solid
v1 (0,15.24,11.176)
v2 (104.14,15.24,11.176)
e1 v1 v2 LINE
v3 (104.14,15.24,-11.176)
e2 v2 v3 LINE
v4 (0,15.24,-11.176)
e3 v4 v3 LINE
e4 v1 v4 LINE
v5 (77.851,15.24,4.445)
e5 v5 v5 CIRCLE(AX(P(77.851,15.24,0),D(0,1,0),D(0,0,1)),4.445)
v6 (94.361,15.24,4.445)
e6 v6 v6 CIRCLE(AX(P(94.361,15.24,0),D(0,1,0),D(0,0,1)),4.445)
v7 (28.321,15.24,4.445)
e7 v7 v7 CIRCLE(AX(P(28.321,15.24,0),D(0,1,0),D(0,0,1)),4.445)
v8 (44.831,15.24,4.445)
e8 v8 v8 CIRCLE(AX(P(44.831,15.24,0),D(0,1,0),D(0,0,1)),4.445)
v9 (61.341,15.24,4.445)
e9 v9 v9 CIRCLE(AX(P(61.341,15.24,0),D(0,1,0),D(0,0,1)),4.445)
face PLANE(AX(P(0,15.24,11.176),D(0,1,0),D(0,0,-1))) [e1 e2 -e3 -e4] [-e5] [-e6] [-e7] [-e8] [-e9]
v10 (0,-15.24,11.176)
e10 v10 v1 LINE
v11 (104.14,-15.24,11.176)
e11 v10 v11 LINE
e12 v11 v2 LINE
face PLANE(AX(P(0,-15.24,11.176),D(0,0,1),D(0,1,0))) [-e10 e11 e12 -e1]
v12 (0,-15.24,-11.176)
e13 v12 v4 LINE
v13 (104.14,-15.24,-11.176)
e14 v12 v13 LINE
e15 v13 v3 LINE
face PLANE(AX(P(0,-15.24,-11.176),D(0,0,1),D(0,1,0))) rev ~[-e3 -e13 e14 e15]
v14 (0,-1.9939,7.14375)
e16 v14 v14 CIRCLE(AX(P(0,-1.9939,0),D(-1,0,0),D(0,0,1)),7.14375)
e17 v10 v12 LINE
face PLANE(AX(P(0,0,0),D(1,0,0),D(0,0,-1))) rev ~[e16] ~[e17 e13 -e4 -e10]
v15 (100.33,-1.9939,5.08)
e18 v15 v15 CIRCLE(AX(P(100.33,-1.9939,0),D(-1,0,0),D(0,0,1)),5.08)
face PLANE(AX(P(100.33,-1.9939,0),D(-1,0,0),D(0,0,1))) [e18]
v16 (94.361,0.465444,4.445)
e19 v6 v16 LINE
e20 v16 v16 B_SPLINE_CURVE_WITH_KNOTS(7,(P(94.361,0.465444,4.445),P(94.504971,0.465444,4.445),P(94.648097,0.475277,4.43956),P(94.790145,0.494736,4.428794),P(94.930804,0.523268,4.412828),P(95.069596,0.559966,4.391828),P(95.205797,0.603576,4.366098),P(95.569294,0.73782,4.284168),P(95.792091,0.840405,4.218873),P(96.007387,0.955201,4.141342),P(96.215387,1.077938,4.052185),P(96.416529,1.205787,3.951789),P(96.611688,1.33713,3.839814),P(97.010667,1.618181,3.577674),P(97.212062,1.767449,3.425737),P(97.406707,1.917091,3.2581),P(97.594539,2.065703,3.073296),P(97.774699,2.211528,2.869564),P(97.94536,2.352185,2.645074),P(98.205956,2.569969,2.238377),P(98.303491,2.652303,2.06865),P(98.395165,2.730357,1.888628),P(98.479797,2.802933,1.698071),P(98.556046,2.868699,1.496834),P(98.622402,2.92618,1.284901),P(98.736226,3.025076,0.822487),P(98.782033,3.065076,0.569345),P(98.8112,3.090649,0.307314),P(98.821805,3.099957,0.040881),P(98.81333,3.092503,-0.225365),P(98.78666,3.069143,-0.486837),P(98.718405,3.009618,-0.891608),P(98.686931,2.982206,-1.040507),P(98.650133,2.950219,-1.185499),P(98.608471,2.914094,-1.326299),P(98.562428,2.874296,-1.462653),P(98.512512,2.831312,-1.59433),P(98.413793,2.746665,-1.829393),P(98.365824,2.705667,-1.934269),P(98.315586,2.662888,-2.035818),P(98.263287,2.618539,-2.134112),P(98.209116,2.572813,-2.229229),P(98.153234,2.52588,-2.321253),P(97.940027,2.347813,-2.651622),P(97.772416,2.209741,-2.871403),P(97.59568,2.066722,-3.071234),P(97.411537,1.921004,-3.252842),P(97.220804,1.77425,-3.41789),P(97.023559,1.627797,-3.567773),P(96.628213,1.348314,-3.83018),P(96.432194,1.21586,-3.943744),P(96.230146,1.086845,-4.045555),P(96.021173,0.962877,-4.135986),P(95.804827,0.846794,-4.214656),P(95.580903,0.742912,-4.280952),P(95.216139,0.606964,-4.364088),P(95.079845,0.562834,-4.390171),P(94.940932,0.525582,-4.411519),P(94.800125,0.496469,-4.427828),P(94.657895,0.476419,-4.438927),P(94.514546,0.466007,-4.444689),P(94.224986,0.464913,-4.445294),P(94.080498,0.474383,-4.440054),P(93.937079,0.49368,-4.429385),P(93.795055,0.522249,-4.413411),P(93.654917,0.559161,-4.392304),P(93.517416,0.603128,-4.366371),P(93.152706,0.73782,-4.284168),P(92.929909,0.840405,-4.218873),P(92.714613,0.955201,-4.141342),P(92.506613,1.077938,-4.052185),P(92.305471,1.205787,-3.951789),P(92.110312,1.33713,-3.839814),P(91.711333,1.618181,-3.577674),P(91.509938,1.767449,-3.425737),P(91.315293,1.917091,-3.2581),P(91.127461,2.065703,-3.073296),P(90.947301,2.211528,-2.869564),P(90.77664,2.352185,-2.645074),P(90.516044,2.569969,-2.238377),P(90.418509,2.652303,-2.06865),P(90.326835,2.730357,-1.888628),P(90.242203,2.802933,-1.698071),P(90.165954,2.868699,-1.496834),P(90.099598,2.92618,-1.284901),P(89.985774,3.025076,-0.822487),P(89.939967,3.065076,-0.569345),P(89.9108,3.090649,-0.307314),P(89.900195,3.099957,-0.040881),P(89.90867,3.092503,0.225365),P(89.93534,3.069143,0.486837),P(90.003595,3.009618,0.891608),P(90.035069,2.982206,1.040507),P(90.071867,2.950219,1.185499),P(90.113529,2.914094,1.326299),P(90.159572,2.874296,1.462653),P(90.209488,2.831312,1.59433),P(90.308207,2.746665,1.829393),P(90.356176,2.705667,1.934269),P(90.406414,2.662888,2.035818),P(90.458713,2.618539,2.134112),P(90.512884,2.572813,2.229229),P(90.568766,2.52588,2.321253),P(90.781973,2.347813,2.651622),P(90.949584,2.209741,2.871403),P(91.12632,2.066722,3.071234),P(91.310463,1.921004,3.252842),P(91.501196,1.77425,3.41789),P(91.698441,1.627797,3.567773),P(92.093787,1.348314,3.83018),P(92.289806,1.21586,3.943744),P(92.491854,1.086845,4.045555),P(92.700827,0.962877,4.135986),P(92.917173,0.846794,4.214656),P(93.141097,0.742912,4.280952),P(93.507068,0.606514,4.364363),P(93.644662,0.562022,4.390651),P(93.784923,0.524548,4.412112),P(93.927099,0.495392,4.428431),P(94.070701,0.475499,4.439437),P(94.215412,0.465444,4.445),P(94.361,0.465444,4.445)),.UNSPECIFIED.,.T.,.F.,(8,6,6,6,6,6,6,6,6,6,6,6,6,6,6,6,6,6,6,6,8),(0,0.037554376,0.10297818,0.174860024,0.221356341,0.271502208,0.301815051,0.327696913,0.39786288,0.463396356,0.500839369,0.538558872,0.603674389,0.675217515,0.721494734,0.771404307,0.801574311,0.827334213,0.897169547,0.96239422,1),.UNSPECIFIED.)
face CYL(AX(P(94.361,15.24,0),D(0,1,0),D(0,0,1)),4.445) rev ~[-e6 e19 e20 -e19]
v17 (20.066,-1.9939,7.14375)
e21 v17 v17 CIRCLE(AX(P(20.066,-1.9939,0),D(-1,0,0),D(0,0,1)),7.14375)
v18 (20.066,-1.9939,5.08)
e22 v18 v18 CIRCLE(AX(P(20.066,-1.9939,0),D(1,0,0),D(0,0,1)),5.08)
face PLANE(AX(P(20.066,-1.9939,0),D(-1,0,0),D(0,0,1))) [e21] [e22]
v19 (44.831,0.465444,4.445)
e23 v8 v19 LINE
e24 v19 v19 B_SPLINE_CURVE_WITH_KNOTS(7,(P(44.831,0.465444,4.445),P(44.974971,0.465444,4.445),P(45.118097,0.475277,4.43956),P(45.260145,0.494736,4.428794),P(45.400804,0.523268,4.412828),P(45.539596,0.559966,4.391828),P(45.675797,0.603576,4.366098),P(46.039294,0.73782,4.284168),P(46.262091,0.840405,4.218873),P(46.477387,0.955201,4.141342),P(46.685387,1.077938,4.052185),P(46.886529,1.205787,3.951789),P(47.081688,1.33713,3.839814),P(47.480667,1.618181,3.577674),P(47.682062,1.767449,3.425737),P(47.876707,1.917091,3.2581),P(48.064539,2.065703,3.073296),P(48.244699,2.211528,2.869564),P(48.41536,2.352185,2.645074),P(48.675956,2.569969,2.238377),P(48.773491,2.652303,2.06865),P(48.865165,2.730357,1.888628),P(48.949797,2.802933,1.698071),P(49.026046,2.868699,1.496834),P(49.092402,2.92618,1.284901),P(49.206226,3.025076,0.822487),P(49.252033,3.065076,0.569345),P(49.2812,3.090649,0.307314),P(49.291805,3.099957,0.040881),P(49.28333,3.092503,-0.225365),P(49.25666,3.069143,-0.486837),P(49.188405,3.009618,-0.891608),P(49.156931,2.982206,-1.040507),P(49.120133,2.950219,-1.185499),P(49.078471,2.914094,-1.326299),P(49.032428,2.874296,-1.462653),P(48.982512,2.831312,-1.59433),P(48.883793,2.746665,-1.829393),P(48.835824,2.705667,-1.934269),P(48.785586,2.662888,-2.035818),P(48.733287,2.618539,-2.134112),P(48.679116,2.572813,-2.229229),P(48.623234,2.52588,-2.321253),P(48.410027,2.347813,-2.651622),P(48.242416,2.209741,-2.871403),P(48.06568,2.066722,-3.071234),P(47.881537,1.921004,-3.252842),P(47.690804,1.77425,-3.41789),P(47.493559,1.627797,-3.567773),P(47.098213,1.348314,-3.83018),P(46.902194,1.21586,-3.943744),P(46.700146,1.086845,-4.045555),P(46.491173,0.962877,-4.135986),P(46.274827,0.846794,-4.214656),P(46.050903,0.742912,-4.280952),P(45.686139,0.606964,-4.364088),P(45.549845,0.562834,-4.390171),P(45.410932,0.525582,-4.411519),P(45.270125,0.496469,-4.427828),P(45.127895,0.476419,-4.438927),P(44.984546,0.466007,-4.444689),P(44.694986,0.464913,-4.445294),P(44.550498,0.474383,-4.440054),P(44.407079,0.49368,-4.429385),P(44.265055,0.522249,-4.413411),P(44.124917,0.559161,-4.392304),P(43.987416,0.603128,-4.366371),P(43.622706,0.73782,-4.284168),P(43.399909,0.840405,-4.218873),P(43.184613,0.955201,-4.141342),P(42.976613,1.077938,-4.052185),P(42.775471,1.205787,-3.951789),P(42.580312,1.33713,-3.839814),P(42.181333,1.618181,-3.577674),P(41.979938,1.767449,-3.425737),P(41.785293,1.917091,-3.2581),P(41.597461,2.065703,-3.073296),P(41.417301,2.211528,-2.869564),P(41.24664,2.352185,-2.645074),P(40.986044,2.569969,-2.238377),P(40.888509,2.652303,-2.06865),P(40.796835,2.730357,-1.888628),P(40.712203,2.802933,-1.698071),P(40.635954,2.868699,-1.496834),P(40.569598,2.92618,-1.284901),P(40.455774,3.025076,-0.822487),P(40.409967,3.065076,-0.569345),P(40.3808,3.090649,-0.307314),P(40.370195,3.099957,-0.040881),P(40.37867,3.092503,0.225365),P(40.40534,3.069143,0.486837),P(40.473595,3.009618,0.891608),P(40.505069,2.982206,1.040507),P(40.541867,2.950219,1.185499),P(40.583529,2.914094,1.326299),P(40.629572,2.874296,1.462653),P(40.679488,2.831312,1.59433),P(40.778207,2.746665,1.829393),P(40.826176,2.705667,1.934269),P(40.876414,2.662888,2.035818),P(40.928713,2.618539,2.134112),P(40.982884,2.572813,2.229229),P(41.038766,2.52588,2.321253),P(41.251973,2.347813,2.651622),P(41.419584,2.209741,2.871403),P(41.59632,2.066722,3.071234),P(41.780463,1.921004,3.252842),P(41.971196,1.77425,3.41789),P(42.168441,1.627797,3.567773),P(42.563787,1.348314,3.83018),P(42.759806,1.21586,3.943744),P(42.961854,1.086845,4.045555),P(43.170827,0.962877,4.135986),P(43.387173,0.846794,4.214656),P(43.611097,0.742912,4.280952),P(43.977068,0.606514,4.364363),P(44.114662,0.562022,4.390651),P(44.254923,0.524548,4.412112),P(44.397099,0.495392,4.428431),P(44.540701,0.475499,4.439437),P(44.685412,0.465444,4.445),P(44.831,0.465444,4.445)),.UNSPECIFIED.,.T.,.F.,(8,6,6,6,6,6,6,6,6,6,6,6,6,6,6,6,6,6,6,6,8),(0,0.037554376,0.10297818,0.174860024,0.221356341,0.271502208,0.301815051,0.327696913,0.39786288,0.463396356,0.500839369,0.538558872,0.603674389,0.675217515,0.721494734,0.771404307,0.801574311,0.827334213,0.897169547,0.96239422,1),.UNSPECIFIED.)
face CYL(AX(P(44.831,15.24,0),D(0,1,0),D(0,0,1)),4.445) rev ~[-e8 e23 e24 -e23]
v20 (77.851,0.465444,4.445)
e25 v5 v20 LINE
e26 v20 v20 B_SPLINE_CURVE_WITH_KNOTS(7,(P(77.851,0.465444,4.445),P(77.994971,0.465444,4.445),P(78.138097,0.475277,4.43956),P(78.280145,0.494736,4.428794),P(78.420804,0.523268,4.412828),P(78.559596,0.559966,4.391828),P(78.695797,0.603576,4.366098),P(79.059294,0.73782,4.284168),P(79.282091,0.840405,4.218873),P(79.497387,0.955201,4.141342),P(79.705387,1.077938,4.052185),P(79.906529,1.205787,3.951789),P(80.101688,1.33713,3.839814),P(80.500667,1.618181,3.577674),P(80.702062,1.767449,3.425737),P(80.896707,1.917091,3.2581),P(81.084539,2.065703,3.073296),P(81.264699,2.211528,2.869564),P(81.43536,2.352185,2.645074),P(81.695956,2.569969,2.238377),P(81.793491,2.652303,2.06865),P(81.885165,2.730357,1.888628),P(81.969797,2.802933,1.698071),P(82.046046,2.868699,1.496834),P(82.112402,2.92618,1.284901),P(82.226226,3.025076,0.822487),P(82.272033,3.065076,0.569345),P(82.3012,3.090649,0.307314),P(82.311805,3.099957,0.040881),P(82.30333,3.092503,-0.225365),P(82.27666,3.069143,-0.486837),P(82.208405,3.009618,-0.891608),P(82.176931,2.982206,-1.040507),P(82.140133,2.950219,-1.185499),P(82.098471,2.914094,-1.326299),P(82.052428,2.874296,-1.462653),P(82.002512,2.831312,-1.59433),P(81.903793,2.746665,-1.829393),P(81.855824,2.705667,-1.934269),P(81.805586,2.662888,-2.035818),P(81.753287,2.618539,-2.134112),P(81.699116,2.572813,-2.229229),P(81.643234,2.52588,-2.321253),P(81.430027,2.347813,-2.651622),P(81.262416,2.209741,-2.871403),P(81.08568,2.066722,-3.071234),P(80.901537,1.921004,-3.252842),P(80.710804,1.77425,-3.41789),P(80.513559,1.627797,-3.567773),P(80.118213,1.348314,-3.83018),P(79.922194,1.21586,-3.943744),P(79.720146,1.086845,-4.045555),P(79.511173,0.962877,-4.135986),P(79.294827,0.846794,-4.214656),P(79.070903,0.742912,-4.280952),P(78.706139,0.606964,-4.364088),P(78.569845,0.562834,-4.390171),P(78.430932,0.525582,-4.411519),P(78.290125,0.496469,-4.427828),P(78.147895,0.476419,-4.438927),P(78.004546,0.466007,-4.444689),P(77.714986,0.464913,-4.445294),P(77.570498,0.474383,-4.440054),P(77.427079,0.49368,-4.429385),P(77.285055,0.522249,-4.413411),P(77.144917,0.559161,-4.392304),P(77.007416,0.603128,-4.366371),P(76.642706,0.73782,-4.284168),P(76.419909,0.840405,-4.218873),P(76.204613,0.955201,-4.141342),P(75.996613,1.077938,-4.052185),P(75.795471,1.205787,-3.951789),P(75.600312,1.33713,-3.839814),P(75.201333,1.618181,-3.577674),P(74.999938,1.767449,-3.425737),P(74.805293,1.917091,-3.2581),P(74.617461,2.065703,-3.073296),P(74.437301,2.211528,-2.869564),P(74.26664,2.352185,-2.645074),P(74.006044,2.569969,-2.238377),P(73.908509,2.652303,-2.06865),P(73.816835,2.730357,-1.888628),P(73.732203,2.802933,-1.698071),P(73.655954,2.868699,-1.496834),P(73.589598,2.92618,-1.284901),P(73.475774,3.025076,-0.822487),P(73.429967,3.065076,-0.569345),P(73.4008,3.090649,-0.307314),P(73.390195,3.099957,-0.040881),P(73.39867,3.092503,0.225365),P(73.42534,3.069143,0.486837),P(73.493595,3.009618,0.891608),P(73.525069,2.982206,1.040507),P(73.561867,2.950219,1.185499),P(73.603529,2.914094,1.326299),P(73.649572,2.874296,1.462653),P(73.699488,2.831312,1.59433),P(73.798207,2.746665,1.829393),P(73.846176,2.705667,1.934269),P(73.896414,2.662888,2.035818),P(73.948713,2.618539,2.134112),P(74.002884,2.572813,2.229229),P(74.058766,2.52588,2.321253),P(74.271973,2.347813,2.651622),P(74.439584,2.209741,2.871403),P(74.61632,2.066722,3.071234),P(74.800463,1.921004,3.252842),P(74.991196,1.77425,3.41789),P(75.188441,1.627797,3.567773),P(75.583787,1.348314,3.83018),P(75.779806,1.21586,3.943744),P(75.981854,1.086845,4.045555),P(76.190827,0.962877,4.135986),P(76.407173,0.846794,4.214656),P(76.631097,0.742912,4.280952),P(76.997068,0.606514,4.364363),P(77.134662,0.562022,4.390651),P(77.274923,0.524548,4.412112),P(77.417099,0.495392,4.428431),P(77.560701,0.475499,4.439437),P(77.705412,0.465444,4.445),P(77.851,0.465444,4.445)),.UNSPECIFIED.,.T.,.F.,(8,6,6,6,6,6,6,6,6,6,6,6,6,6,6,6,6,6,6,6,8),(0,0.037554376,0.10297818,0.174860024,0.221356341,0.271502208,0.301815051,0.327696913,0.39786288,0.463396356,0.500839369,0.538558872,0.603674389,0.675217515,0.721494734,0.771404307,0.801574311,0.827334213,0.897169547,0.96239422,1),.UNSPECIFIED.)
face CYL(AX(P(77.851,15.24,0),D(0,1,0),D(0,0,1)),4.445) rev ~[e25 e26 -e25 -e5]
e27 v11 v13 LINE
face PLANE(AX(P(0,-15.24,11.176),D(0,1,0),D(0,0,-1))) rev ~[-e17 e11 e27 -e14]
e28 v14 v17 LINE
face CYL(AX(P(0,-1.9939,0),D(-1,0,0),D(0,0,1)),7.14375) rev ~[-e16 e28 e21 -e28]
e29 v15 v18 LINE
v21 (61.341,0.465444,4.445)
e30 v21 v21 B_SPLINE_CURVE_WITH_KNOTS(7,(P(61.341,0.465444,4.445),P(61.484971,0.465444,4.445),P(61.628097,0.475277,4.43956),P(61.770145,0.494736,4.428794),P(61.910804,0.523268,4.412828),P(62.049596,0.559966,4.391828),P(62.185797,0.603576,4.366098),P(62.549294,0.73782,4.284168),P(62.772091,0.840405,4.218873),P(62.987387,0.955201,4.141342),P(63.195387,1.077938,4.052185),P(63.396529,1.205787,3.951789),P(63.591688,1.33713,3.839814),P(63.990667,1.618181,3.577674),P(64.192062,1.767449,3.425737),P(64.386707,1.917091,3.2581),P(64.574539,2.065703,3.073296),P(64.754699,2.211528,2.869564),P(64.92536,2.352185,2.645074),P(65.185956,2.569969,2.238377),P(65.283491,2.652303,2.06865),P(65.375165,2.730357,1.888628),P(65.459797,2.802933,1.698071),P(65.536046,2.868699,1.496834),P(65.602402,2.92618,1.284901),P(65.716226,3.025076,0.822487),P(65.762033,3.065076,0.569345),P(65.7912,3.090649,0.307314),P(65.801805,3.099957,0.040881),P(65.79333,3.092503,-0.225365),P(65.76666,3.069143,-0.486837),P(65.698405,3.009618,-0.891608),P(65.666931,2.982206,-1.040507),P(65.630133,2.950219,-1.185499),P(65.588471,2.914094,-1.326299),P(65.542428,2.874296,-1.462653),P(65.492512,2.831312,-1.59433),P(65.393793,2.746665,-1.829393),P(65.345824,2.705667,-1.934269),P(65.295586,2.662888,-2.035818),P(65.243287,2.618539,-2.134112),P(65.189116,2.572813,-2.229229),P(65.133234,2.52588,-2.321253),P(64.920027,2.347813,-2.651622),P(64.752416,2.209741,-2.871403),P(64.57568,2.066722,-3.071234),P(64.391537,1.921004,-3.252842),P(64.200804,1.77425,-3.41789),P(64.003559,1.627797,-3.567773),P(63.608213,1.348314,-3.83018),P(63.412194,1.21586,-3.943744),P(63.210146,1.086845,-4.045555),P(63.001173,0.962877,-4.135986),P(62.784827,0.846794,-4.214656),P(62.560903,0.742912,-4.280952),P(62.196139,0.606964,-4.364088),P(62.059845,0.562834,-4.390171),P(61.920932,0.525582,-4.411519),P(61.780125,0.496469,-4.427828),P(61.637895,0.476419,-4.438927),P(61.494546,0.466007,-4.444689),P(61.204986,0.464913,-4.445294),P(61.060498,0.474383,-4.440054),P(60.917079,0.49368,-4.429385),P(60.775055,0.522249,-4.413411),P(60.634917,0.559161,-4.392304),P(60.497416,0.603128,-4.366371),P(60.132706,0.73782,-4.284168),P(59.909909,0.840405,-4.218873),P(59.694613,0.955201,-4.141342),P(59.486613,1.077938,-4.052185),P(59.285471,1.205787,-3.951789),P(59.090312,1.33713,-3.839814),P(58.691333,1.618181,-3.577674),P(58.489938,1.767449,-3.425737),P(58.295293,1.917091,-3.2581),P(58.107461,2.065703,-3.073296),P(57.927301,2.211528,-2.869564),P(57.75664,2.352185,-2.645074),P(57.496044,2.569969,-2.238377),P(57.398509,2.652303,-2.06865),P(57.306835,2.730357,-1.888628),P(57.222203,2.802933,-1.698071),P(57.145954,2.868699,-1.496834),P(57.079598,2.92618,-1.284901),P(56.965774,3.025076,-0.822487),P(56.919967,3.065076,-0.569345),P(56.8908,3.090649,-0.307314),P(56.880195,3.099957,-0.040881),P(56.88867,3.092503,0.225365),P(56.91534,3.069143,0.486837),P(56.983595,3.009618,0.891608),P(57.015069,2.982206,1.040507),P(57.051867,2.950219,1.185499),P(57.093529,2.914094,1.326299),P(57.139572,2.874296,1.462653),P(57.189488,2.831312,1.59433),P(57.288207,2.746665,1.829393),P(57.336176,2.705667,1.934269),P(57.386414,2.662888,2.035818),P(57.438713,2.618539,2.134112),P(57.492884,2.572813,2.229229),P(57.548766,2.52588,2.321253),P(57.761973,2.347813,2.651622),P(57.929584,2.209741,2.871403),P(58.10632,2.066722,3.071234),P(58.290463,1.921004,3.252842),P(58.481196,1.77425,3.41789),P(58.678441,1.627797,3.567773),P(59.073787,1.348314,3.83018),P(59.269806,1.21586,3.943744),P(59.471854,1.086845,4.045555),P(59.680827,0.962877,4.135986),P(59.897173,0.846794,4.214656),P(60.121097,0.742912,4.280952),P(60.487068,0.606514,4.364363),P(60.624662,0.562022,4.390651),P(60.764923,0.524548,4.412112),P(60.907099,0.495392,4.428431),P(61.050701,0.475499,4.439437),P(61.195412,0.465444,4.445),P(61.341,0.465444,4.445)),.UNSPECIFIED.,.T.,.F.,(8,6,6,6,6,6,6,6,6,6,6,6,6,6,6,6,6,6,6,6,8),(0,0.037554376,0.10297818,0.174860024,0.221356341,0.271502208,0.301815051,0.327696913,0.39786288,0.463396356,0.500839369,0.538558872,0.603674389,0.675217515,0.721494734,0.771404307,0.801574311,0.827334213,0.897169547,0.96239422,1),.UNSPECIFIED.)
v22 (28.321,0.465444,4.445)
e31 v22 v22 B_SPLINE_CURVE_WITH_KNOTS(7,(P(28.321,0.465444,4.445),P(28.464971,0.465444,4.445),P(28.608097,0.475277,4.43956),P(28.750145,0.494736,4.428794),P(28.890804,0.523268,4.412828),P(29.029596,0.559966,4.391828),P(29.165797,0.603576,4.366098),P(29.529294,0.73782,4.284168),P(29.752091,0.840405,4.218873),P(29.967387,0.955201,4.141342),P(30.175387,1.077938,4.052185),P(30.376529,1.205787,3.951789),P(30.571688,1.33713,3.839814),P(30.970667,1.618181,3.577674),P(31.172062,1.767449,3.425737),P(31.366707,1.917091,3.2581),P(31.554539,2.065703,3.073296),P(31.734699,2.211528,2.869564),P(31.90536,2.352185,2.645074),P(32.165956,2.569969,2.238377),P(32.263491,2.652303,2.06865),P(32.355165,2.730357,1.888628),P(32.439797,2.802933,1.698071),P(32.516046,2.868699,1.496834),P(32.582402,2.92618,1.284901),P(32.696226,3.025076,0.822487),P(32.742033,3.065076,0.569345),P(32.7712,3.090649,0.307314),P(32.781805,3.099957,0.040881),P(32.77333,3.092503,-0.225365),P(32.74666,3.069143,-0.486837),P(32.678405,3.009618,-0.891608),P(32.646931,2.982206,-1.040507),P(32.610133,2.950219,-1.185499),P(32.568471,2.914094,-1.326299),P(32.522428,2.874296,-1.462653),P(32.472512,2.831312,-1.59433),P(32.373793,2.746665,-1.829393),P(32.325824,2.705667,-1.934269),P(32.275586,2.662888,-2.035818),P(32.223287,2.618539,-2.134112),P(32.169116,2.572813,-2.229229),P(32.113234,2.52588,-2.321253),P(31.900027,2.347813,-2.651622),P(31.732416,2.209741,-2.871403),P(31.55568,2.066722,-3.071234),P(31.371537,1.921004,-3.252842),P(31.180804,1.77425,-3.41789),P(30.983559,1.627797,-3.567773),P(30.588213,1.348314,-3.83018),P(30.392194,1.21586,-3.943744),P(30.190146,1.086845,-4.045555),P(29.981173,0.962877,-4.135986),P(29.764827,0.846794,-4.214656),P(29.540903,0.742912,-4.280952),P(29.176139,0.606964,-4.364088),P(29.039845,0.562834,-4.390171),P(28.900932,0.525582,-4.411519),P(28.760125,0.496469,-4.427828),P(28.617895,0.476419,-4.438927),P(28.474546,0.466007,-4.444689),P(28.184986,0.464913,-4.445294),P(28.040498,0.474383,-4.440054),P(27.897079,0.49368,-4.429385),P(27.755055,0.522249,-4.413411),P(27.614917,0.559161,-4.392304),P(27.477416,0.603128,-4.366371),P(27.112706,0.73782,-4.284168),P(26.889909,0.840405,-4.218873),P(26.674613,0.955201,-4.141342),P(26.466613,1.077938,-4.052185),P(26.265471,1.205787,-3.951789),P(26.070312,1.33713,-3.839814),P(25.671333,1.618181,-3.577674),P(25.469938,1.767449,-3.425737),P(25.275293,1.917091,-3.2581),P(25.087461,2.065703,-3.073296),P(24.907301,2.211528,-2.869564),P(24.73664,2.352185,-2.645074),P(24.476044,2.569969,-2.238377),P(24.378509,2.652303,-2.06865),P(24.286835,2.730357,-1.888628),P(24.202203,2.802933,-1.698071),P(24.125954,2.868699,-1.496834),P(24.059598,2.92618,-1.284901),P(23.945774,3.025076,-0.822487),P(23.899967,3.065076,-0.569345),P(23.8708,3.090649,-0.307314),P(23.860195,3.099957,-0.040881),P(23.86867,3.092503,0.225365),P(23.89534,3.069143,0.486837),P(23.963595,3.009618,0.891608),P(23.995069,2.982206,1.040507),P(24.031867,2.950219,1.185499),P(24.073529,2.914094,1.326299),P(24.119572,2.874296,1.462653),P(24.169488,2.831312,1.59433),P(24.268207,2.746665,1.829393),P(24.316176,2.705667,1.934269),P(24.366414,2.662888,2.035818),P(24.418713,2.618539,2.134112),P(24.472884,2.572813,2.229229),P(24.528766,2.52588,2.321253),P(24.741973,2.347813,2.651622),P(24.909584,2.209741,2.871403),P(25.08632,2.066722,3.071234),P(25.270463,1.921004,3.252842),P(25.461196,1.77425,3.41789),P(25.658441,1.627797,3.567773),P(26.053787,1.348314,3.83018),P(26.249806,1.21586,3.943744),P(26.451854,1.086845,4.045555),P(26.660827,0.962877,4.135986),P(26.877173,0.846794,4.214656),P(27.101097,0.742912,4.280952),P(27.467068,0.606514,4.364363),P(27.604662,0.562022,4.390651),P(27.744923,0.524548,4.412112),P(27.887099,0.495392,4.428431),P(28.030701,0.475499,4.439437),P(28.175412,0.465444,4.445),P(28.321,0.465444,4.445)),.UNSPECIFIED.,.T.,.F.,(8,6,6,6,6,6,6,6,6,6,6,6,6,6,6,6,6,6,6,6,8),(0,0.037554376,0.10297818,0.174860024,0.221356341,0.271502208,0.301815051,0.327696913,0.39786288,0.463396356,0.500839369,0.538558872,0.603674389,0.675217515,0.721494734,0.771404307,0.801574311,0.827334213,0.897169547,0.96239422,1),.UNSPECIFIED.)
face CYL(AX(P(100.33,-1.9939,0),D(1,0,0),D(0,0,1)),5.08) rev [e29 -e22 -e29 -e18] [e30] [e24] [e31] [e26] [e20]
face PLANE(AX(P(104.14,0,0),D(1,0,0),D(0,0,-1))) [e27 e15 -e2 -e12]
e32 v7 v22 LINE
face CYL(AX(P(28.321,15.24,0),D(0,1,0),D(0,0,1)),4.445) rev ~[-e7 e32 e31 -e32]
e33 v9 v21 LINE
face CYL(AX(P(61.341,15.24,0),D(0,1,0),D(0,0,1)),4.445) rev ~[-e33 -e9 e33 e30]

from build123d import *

# Parameters (mm, degrees)
SKETCH4_W               = 22.352
SKETCH4_H               = 30.48
BOSS_EXTRUDE2_DEPTH     = 104.14
CUT_EXTRUDE2_START      = -100.33
SKETCH5_R               = 5.08
CUT_EXTRUDE2_DEPTH      = 100.33
CUT_EXTRUDE5_REACH      = 111.083
CUT_EXTRUDE5_END_RADIUS = 5.08
SKETCH9_R               = 4.445
LPATTERN1_COUNT         = 5
LPATTERN1_PITCH         = 16.51
SKETCH14_R              = 7.14375
CUT_EXTRUDE7_DEPTH      = 20.066


with BuildPart() as part:
    # Sketch4 → Boss-Extrude2 (new body)
    with BuildSketch(Plane(origin=(0, 0, 0), x_dir=(0, 0, -1), z_dir=(1, 0, 0))):
        Rectangle(SKETCH4_W, SKETCH4_H)
    extrude(amount=BOSS_EXTRUDE2_DEPTH)

    # Sketch5 → Cut-Extrude2 (cut)
    with BuildSketch(Plane.ZY.offset(CUT_EXTRUDE2_START)):
        with Locations((0, -1.9939)):
            Circle(SKETCH5_R)
    extrude(amount=CUT_EXTRUDE2_DEPTH, mode=Mode.SUBTRACT)

    # Cut-Extrude5: up to this cylinder (the profile starts outside it)
    cut_extrude5_end = Plane(origin=(28.321, -1.9939, 0), z_dir=(-1, 0, 0)) * Cylinder(CUT_EXTRUDE5_END_RADIUS, 233.326, mode=Mode.PRIVATE)
    # Sketch9 → Cut-Extrude5 (cut, up to the surface)
    with BuildSketch(Plane(origin=(0, 15.24, 0), x_dir=(1, 0, 0), z_dir=(0, 1, 0)), mode=Mode.PRIVATE) as cut_extrude5_sk1:
        with Locations(Location((28.321, 0, 0), (0, 0, 270))):
            Circle(SKETCH9_R)
    cut_extrude5_tool1 = extrude(cut_extrude5_sk1.sketch, amount=-CUT_EXTRUDE5_REACH, mode=Mode.PRIVATE) - cut_extrude5_end
    cut_extrude5 = cut_extrude5_tool1.solids().sort_by_distance((28.321, 15.24, 0))[0]
    add(cut_extrude5, mode=Mode.SUBTRACT)

    # LPattern1: Cut-Extrude5 ×5
    with Locations(*[(i * LPATTERN1_PITCH, 0, 0) for i in range(1, LPATTERN1_COUNT)]):
        add(cut_extrude5, mode=Mode.SUBTRACT)

    # Sketch14 → Cut-Extrude7 (cut)
    with BuildSketch(Plane.ZY):
        with Locations((0, -1.9939)):
            Circle(SKETCH14_R)
    extrude(amount=-CUT_EXTRUDE7_DEPTH, mode=Mode.SUBTRACT)


solid = part.part
